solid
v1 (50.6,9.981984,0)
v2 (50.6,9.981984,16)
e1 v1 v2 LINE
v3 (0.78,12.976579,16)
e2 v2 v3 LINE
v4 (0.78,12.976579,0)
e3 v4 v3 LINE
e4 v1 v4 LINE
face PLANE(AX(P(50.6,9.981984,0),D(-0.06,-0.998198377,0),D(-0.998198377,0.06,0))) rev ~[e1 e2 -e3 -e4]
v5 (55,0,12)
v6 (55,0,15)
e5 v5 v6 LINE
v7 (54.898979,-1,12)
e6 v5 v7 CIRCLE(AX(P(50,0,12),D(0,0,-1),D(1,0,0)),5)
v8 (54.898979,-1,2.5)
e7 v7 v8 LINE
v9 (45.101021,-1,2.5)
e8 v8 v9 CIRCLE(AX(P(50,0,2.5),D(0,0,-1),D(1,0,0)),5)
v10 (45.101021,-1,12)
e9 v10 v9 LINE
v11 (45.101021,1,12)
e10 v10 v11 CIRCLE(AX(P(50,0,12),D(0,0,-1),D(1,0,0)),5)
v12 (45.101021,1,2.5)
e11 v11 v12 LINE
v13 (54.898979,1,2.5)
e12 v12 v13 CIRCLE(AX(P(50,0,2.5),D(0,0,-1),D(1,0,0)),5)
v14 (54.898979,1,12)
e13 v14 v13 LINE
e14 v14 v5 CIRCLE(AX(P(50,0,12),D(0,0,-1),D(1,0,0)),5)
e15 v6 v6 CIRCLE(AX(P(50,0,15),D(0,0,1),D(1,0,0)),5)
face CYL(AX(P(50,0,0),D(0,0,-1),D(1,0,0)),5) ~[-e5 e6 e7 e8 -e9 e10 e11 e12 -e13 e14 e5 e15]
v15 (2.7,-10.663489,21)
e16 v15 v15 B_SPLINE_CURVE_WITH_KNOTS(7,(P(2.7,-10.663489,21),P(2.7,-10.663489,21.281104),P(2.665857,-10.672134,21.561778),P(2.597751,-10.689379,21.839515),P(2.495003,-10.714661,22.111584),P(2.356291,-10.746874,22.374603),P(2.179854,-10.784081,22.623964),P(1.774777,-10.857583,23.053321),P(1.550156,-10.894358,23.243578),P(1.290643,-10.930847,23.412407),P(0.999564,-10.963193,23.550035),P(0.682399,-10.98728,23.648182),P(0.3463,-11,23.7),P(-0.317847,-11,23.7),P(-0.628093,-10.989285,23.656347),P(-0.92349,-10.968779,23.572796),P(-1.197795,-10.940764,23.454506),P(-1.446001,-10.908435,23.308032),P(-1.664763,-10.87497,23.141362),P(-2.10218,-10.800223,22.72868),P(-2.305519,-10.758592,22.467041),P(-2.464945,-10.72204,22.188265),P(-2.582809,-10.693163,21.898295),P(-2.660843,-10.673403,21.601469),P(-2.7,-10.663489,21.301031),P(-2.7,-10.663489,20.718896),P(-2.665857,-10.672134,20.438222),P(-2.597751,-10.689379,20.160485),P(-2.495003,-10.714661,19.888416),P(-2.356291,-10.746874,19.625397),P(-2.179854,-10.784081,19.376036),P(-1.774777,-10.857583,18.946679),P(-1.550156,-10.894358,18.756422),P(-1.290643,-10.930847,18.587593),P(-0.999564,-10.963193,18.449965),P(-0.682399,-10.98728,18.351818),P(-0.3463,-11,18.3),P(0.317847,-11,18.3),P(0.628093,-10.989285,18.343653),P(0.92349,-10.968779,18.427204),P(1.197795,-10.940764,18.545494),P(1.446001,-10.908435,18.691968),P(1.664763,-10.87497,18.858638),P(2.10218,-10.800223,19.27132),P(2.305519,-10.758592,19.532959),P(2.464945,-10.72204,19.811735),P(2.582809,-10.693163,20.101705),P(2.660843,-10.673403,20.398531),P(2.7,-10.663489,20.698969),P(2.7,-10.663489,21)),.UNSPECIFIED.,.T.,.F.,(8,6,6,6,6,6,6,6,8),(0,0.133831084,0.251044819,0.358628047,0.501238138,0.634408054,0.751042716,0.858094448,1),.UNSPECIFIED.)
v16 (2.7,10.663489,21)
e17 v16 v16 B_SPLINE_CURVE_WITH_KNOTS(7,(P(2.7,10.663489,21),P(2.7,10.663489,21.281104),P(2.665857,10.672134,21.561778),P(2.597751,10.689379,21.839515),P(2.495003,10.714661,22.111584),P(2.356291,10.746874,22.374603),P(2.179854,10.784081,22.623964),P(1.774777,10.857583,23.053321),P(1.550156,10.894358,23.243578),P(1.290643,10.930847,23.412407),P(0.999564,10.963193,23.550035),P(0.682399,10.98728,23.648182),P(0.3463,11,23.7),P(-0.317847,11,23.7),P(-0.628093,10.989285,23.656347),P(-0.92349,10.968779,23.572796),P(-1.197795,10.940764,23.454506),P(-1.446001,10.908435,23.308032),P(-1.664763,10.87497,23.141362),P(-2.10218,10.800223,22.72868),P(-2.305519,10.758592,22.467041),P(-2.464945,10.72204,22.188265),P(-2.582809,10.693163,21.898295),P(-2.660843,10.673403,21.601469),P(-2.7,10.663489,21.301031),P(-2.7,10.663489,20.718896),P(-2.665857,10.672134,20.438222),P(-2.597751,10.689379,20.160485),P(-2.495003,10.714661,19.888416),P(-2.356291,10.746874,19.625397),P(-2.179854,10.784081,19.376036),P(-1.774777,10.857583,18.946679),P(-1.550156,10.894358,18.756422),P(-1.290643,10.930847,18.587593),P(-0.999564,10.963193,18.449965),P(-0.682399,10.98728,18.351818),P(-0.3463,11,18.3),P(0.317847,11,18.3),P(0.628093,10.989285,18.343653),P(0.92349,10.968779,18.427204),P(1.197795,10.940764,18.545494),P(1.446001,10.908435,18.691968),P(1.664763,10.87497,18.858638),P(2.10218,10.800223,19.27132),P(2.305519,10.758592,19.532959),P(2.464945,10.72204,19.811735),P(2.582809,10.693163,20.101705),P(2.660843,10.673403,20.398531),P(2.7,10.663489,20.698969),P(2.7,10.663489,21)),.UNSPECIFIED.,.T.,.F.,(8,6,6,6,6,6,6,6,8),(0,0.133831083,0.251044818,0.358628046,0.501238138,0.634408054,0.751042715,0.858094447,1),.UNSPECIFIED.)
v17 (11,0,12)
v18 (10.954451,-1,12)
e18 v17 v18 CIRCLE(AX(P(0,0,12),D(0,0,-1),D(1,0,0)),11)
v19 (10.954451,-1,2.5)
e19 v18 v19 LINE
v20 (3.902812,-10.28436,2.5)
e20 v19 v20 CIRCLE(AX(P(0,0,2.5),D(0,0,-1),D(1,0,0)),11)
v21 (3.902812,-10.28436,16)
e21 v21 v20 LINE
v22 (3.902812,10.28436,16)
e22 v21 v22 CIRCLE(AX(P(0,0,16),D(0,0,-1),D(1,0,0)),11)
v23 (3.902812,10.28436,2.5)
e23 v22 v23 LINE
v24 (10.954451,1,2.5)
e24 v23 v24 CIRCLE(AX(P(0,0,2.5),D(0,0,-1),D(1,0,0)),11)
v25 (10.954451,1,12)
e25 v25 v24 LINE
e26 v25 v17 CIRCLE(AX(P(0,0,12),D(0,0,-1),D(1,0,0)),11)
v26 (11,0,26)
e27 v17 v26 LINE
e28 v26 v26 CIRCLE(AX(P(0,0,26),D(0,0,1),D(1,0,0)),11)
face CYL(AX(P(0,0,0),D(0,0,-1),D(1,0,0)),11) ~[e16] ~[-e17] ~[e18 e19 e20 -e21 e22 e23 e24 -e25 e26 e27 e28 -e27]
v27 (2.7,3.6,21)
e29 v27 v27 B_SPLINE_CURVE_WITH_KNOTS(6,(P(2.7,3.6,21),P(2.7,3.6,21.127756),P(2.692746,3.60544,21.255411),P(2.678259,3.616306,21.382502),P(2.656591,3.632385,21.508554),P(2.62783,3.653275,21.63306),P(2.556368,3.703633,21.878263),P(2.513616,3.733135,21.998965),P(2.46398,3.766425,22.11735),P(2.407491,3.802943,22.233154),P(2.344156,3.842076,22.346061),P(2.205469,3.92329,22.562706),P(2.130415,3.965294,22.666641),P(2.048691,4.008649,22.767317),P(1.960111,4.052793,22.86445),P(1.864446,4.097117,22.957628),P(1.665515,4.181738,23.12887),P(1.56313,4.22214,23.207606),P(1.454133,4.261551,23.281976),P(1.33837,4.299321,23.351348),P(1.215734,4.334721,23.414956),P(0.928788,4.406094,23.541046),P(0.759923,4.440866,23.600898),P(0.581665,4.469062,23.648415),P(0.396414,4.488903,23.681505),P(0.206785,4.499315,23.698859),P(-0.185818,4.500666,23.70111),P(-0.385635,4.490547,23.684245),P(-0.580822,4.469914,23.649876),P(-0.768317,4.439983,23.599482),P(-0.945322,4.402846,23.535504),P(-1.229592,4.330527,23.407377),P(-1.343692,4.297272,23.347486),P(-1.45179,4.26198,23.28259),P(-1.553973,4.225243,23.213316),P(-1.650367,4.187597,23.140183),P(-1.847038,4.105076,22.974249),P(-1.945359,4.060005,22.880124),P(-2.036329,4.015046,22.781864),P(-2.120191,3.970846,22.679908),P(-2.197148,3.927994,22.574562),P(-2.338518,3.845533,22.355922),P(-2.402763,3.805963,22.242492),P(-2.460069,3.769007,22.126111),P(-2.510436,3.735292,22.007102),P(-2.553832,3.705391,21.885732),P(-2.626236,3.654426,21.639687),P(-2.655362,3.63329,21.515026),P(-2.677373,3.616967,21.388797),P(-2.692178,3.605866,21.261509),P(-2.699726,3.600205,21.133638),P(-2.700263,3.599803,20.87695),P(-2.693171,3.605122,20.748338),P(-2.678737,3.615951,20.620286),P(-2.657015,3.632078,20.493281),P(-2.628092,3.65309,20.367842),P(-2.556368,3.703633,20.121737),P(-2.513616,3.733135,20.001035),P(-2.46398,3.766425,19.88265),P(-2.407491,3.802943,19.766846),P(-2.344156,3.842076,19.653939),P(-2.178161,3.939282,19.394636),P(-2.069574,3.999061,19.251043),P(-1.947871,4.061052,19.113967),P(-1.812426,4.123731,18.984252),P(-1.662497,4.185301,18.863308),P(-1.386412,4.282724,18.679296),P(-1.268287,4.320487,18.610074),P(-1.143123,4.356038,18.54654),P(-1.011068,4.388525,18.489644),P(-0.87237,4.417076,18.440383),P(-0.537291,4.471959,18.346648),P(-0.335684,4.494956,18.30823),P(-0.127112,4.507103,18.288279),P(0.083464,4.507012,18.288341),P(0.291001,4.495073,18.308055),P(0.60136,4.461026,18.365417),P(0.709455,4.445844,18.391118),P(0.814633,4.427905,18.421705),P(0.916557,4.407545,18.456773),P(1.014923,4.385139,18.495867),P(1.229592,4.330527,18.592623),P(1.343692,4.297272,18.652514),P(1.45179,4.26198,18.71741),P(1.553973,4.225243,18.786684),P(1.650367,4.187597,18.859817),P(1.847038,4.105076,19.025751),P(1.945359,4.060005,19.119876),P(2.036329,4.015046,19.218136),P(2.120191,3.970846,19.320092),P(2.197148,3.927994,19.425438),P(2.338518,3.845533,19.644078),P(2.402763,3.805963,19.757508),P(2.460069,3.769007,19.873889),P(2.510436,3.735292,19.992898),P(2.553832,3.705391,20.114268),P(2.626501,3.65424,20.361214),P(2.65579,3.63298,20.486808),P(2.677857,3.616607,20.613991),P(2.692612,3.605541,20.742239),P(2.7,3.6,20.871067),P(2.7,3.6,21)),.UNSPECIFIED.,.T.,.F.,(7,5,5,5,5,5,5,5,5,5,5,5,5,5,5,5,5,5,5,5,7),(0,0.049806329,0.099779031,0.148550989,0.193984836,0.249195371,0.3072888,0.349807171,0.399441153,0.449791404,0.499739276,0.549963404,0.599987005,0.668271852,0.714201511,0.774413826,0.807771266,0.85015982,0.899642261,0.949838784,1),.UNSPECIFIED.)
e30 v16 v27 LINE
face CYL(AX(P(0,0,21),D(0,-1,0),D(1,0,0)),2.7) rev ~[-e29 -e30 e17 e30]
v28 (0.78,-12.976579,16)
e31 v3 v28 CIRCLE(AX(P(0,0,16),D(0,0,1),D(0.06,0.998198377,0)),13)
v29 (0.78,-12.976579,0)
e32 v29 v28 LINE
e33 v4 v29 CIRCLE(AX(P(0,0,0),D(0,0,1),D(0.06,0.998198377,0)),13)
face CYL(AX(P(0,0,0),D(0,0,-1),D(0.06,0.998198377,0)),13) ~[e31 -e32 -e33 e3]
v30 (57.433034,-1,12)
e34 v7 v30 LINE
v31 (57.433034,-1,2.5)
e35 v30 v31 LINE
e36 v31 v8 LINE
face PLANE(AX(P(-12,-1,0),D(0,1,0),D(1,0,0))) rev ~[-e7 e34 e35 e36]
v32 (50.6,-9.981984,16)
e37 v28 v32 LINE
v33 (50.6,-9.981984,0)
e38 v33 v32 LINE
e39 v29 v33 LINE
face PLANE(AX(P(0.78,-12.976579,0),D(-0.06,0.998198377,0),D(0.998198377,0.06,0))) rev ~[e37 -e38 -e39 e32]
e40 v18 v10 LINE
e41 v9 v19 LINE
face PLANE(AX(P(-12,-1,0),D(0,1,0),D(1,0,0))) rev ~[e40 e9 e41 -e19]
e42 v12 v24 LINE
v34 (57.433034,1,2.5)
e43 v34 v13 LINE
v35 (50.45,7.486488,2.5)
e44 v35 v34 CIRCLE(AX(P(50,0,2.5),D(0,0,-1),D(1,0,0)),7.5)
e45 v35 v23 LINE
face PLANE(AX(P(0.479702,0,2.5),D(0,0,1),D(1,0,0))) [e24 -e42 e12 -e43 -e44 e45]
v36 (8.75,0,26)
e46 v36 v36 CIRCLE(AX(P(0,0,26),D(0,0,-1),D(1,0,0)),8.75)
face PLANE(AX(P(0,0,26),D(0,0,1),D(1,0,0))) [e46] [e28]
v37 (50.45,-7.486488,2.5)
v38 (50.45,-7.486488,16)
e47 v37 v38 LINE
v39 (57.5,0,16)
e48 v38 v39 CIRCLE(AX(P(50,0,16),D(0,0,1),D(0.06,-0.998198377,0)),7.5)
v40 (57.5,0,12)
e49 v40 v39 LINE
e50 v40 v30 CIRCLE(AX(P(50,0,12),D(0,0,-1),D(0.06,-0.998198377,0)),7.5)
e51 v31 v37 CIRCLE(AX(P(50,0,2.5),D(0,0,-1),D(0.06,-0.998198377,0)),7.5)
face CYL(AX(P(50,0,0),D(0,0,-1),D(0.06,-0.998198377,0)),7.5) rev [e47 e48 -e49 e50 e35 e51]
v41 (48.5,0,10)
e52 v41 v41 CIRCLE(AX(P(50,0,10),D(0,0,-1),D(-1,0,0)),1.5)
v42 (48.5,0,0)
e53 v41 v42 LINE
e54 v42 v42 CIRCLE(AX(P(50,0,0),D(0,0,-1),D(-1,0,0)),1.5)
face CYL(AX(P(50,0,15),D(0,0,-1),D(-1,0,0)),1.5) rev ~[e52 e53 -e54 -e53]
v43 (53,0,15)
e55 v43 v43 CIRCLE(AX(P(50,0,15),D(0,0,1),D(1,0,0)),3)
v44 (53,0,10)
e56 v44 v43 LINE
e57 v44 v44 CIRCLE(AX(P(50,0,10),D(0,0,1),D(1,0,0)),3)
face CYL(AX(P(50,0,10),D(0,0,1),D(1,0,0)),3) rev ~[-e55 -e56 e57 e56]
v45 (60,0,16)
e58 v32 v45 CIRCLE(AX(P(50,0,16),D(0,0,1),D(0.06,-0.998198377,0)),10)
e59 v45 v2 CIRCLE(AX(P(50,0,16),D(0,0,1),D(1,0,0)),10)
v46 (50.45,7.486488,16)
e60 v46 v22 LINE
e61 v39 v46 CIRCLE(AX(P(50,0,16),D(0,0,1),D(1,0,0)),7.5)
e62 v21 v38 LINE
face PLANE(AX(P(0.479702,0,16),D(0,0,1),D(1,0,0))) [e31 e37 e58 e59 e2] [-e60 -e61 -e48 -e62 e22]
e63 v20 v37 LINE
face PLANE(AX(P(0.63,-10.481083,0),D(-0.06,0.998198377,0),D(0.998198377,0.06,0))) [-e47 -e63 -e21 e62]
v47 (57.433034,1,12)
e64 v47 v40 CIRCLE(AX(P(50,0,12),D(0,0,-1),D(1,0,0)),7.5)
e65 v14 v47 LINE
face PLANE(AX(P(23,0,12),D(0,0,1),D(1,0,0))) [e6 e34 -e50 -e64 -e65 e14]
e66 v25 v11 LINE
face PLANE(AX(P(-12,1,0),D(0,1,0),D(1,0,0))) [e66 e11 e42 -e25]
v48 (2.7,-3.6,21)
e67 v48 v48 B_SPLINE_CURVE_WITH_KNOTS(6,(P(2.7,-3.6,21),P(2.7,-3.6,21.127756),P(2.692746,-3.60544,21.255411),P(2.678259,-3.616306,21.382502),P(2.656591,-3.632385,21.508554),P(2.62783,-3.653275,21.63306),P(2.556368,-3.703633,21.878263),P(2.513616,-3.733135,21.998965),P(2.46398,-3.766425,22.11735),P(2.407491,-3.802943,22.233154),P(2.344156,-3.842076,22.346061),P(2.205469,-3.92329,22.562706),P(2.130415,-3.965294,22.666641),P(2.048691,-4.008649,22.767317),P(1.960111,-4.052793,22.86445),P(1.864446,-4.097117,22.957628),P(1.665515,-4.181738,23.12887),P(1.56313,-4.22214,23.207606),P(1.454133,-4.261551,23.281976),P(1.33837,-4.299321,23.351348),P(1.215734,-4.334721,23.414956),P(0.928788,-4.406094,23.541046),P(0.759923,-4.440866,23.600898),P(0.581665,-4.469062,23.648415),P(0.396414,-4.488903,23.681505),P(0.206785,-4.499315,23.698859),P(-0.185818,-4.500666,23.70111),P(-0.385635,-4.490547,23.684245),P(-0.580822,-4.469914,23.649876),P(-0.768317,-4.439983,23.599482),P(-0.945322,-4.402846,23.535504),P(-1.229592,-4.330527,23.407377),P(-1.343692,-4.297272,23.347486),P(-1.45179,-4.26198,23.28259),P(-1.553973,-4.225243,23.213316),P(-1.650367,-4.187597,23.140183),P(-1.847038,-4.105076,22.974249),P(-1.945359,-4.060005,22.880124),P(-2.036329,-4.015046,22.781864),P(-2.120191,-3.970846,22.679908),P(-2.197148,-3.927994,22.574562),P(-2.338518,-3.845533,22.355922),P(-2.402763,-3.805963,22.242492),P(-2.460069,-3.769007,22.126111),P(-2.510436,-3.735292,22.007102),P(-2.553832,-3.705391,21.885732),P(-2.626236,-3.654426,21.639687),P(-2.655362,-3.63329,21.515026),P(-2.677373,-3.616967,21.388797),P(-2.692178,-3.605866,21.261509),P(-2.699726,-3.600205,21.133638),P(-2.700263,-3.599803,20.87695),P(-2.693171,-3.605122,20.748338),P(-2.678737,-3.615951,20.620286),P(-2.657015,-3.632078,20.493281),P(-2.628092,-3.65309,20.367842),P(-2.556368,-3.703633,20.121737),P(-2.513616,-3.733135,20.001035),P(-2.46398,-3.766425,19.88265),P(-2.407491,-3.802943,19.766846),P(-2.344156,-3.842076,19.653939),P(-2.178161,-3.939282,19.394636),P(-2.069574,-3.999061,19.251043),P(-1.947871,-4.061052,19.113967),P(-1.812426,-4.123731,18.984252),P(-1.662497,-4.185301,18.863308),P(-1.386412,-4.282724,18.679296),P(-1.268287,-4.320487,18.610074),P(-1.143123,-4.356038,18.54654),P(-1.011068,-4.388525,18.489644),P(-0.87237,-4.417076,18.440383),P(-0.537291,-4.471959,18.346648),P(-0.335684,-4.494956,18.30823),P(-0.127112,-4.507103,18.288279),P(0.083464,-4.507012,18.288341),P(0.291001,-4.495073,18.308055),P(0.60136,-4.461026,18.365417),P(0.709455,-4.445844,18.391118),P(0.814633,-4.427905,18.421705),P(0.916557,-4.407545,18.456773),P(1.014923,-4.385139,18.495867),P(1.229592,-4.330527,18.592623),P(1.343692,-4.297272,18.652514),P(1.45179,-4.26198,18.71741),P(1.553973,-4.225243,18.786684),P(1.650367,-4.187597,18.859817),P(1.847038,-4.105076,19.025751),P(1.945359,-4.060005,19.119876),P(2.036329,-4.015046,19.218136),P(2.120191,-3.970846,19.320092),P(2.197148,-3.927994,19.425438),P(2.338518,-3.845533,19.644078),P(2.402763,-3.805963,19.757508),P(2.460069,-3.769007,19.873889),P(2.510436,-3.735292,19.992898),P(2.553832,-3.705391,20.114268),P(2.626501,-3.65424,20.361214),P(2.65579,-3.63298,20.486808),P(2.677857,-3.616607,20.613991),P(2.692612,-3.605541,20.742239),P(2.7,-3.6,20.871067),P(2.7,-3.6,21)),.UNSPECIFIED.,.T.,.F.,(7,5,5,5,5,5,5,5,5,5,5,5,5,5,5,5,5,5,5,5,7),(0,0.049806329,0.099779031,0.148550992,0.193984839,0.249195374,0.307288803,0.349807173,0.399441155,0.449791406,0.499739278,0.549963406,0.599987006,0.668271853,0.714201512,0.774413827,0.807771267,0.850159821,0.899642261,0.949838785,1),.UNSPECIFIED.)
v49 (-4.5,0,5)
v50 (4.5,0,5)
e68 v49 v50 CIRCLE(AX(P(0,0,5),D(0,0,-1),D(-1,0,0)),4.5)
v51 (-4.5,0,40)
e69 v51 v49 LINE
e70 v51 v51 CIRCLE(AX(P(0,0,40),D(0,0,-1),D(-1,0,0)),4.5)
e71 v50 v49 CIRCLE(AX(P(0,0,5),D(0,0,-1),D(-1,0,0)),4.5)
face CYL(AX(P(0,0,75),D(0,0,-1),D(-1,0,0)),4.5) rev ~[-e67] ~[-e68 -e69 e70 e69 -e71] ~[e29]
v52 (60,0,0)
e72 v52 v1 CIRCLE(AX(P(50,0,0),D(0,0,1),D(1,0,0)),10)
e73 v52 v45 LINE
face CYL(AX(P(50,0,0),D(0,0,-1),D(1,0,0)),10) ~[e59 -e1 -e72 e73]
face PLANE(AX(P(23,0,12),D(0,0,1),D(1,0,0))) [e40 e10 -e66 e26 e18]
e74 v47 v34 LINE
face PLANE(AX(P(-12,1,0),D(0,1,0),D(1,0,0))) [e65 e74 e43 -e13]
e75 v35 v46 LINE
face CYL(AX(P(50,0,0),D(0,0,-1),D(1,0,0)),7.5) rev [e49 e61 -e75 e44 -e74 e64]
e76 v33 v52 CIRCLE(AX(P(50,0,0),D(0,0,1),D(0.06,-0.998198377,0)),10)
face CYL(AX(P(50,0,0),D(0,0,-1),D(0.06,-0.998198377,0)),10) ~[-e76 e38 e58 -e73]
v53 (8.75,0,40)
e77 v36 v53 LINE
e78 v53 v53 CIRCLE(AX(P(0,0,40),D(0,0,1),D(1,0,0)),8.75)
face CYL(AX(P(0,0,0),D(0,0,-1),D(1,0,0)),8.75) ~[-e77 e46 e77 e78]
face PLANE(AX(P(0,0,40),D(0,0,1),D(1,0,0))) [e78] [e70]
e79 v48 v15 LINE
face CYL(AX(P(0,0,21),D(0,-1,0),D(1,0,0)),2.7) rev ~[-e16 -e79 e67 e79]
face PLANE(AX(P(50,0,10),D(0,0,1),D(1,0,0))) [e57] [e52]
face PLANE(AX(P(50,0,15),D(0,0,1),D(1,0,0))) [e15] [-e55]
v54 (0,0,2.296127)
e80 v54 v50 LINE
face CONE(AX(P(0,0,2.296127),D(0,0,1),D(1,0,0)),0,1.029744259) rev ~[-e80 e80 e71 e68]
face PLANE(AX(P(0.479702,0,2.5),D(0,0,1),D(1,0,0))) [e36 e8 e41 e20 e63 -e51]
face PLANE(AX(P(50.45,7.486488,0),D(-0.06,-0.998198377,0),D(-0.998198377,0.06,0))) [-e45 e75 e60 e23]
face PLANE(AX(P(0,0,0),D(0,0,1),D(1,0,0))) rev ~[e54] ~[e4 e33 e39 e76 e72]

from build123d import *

# Parameters (mm, degrees)
F1_DEPTH        = 16
F2_T            = -2.5
F3_W            = 70
F3_H            = 2
F4_DEPTH        = 12
F6_R            = 11
F7_DEPTH        = 26
F5_R            = 5
F9_DEPTH        = 15
F8_R            = 8.75
F10_DEPTH       = 40
F12_D           = 9
F12_DEPTH       = 35
F12_TIP         = 2.7038727856
F13_R           = 2.7
F14_DEPTH       = 12.5
F16_D           = 3
F16_START       = 1
F16_CBORE_D     = 6
F16_CBORE_DEPTH = 5


with BuildPart() as f1:
    # F0 (on Top) → F1 (new body)
    with BuildSketch(Plane.XY):
        with BuildLine():
            ThreePointArc((0.78, -12.976578902), (9.4641428561, -8.9123509805), (13, 0))
            ThreePointArc((13, 0), (9.4641428561, 8.9123509805), (0.78, 12.976578902))
            ThreePointArc((0.78, 12.976578902), (-13, 0), (0.78, -12.976578902))
        make_face()
        with BuildLine():
            ThreePointArc((0.78, 12.976578902), (9.4641428561, 8.9123509805), (13, 0))
            ThreePointArc((13, 0), (9.4641428561, -8.9123509805), (0.78, -12.976578902))
            Line((0.78, -12.976578902), (50.6, -9.9819837708))
            ThreePointArc((50.6, -9.9819837708), (40, 0), (50.6, 9.9819837708))
            Line((50.6, 9.9819837708), (0.78, 12.976578902))
        make_face()
        with BuildLine():
            ThreePointArc((60, 0), (57.2801098893, 6.8556546004), (50.6, 9.9819837708))
            ThreePointArc((50.6, 9.9819837708), (40, 0), (50.6, -9.9819837708))
            ThreePointArc((50.6, -9.9819837708), (57.2801098893, -6.8556546004), (60, 0))
        make_face()
    extrude(amount=F1_DEPTH)

    # F2
    f2_openings = [f1.faces().sort_by_distance(p)[0] for p in [
        (21.977423, 0, 16),
    ]]
    offset(amount=F2_T, openings=f2_openings)

    # F3 (on Top) → F4 (join)
    with BuildSketch(Plane.XY):
        with Locations((23, 0)):
            Rectangle(F3_W, F3_H)
    extrude(amount=F4_DEPTH)

    # F6 (on Top) → F7 (join)
    with BuildSketch(Plane.XY):
        Circle(F6_R)
    extrude(amount=F7_DEPTH)

    # F5 (on Top) → F9 (join)
    with BuildSketch(Plane.XY):
        with Locations((50, 0)):
            Circle(F5_R)
    extrude(amount=F9_DEPTH)

    # F8 (on Top) → F10 (join)
    with BuildSketch(Plane.XY):
        Circle(F8_R)
    extrude(amount=F10_DEPTH)

    # F12
    with Locations(Plane.XY.offset(40)):
        with Locations((0, 0)):
            Hole(F12_D / 2, depth=F12_DEPTH)
            with Locations((0, 0, -(F12_DEPTH + F12_TIP / 2))):  # 118° drill point
                Cone(0, F12_D / 2, F12_TIP, mode=Mode.SUBTRACT)

    # F13 (on Front) → F14 (cut, symmetric)
    with BuildSketch(Plane.XZ):
        with Locations((0, 21)):
            Circle(F13_R)
    extrude(amount=F14_DEPTH, both=True, mode=Mode.SUBTRACT)

    # F16 (through all)
    # its depths count from where the whole tool has entered the part; down to there all is cleared
    with Locations(Plane.XY.offset(16).offset(-F16_START)):
        with Locations((50, 0)):
            CounterBoreHole(F16_D / 2, F16_CBORE_D / 2, F16_CBORE_DEPTH)


solid = f1.part
